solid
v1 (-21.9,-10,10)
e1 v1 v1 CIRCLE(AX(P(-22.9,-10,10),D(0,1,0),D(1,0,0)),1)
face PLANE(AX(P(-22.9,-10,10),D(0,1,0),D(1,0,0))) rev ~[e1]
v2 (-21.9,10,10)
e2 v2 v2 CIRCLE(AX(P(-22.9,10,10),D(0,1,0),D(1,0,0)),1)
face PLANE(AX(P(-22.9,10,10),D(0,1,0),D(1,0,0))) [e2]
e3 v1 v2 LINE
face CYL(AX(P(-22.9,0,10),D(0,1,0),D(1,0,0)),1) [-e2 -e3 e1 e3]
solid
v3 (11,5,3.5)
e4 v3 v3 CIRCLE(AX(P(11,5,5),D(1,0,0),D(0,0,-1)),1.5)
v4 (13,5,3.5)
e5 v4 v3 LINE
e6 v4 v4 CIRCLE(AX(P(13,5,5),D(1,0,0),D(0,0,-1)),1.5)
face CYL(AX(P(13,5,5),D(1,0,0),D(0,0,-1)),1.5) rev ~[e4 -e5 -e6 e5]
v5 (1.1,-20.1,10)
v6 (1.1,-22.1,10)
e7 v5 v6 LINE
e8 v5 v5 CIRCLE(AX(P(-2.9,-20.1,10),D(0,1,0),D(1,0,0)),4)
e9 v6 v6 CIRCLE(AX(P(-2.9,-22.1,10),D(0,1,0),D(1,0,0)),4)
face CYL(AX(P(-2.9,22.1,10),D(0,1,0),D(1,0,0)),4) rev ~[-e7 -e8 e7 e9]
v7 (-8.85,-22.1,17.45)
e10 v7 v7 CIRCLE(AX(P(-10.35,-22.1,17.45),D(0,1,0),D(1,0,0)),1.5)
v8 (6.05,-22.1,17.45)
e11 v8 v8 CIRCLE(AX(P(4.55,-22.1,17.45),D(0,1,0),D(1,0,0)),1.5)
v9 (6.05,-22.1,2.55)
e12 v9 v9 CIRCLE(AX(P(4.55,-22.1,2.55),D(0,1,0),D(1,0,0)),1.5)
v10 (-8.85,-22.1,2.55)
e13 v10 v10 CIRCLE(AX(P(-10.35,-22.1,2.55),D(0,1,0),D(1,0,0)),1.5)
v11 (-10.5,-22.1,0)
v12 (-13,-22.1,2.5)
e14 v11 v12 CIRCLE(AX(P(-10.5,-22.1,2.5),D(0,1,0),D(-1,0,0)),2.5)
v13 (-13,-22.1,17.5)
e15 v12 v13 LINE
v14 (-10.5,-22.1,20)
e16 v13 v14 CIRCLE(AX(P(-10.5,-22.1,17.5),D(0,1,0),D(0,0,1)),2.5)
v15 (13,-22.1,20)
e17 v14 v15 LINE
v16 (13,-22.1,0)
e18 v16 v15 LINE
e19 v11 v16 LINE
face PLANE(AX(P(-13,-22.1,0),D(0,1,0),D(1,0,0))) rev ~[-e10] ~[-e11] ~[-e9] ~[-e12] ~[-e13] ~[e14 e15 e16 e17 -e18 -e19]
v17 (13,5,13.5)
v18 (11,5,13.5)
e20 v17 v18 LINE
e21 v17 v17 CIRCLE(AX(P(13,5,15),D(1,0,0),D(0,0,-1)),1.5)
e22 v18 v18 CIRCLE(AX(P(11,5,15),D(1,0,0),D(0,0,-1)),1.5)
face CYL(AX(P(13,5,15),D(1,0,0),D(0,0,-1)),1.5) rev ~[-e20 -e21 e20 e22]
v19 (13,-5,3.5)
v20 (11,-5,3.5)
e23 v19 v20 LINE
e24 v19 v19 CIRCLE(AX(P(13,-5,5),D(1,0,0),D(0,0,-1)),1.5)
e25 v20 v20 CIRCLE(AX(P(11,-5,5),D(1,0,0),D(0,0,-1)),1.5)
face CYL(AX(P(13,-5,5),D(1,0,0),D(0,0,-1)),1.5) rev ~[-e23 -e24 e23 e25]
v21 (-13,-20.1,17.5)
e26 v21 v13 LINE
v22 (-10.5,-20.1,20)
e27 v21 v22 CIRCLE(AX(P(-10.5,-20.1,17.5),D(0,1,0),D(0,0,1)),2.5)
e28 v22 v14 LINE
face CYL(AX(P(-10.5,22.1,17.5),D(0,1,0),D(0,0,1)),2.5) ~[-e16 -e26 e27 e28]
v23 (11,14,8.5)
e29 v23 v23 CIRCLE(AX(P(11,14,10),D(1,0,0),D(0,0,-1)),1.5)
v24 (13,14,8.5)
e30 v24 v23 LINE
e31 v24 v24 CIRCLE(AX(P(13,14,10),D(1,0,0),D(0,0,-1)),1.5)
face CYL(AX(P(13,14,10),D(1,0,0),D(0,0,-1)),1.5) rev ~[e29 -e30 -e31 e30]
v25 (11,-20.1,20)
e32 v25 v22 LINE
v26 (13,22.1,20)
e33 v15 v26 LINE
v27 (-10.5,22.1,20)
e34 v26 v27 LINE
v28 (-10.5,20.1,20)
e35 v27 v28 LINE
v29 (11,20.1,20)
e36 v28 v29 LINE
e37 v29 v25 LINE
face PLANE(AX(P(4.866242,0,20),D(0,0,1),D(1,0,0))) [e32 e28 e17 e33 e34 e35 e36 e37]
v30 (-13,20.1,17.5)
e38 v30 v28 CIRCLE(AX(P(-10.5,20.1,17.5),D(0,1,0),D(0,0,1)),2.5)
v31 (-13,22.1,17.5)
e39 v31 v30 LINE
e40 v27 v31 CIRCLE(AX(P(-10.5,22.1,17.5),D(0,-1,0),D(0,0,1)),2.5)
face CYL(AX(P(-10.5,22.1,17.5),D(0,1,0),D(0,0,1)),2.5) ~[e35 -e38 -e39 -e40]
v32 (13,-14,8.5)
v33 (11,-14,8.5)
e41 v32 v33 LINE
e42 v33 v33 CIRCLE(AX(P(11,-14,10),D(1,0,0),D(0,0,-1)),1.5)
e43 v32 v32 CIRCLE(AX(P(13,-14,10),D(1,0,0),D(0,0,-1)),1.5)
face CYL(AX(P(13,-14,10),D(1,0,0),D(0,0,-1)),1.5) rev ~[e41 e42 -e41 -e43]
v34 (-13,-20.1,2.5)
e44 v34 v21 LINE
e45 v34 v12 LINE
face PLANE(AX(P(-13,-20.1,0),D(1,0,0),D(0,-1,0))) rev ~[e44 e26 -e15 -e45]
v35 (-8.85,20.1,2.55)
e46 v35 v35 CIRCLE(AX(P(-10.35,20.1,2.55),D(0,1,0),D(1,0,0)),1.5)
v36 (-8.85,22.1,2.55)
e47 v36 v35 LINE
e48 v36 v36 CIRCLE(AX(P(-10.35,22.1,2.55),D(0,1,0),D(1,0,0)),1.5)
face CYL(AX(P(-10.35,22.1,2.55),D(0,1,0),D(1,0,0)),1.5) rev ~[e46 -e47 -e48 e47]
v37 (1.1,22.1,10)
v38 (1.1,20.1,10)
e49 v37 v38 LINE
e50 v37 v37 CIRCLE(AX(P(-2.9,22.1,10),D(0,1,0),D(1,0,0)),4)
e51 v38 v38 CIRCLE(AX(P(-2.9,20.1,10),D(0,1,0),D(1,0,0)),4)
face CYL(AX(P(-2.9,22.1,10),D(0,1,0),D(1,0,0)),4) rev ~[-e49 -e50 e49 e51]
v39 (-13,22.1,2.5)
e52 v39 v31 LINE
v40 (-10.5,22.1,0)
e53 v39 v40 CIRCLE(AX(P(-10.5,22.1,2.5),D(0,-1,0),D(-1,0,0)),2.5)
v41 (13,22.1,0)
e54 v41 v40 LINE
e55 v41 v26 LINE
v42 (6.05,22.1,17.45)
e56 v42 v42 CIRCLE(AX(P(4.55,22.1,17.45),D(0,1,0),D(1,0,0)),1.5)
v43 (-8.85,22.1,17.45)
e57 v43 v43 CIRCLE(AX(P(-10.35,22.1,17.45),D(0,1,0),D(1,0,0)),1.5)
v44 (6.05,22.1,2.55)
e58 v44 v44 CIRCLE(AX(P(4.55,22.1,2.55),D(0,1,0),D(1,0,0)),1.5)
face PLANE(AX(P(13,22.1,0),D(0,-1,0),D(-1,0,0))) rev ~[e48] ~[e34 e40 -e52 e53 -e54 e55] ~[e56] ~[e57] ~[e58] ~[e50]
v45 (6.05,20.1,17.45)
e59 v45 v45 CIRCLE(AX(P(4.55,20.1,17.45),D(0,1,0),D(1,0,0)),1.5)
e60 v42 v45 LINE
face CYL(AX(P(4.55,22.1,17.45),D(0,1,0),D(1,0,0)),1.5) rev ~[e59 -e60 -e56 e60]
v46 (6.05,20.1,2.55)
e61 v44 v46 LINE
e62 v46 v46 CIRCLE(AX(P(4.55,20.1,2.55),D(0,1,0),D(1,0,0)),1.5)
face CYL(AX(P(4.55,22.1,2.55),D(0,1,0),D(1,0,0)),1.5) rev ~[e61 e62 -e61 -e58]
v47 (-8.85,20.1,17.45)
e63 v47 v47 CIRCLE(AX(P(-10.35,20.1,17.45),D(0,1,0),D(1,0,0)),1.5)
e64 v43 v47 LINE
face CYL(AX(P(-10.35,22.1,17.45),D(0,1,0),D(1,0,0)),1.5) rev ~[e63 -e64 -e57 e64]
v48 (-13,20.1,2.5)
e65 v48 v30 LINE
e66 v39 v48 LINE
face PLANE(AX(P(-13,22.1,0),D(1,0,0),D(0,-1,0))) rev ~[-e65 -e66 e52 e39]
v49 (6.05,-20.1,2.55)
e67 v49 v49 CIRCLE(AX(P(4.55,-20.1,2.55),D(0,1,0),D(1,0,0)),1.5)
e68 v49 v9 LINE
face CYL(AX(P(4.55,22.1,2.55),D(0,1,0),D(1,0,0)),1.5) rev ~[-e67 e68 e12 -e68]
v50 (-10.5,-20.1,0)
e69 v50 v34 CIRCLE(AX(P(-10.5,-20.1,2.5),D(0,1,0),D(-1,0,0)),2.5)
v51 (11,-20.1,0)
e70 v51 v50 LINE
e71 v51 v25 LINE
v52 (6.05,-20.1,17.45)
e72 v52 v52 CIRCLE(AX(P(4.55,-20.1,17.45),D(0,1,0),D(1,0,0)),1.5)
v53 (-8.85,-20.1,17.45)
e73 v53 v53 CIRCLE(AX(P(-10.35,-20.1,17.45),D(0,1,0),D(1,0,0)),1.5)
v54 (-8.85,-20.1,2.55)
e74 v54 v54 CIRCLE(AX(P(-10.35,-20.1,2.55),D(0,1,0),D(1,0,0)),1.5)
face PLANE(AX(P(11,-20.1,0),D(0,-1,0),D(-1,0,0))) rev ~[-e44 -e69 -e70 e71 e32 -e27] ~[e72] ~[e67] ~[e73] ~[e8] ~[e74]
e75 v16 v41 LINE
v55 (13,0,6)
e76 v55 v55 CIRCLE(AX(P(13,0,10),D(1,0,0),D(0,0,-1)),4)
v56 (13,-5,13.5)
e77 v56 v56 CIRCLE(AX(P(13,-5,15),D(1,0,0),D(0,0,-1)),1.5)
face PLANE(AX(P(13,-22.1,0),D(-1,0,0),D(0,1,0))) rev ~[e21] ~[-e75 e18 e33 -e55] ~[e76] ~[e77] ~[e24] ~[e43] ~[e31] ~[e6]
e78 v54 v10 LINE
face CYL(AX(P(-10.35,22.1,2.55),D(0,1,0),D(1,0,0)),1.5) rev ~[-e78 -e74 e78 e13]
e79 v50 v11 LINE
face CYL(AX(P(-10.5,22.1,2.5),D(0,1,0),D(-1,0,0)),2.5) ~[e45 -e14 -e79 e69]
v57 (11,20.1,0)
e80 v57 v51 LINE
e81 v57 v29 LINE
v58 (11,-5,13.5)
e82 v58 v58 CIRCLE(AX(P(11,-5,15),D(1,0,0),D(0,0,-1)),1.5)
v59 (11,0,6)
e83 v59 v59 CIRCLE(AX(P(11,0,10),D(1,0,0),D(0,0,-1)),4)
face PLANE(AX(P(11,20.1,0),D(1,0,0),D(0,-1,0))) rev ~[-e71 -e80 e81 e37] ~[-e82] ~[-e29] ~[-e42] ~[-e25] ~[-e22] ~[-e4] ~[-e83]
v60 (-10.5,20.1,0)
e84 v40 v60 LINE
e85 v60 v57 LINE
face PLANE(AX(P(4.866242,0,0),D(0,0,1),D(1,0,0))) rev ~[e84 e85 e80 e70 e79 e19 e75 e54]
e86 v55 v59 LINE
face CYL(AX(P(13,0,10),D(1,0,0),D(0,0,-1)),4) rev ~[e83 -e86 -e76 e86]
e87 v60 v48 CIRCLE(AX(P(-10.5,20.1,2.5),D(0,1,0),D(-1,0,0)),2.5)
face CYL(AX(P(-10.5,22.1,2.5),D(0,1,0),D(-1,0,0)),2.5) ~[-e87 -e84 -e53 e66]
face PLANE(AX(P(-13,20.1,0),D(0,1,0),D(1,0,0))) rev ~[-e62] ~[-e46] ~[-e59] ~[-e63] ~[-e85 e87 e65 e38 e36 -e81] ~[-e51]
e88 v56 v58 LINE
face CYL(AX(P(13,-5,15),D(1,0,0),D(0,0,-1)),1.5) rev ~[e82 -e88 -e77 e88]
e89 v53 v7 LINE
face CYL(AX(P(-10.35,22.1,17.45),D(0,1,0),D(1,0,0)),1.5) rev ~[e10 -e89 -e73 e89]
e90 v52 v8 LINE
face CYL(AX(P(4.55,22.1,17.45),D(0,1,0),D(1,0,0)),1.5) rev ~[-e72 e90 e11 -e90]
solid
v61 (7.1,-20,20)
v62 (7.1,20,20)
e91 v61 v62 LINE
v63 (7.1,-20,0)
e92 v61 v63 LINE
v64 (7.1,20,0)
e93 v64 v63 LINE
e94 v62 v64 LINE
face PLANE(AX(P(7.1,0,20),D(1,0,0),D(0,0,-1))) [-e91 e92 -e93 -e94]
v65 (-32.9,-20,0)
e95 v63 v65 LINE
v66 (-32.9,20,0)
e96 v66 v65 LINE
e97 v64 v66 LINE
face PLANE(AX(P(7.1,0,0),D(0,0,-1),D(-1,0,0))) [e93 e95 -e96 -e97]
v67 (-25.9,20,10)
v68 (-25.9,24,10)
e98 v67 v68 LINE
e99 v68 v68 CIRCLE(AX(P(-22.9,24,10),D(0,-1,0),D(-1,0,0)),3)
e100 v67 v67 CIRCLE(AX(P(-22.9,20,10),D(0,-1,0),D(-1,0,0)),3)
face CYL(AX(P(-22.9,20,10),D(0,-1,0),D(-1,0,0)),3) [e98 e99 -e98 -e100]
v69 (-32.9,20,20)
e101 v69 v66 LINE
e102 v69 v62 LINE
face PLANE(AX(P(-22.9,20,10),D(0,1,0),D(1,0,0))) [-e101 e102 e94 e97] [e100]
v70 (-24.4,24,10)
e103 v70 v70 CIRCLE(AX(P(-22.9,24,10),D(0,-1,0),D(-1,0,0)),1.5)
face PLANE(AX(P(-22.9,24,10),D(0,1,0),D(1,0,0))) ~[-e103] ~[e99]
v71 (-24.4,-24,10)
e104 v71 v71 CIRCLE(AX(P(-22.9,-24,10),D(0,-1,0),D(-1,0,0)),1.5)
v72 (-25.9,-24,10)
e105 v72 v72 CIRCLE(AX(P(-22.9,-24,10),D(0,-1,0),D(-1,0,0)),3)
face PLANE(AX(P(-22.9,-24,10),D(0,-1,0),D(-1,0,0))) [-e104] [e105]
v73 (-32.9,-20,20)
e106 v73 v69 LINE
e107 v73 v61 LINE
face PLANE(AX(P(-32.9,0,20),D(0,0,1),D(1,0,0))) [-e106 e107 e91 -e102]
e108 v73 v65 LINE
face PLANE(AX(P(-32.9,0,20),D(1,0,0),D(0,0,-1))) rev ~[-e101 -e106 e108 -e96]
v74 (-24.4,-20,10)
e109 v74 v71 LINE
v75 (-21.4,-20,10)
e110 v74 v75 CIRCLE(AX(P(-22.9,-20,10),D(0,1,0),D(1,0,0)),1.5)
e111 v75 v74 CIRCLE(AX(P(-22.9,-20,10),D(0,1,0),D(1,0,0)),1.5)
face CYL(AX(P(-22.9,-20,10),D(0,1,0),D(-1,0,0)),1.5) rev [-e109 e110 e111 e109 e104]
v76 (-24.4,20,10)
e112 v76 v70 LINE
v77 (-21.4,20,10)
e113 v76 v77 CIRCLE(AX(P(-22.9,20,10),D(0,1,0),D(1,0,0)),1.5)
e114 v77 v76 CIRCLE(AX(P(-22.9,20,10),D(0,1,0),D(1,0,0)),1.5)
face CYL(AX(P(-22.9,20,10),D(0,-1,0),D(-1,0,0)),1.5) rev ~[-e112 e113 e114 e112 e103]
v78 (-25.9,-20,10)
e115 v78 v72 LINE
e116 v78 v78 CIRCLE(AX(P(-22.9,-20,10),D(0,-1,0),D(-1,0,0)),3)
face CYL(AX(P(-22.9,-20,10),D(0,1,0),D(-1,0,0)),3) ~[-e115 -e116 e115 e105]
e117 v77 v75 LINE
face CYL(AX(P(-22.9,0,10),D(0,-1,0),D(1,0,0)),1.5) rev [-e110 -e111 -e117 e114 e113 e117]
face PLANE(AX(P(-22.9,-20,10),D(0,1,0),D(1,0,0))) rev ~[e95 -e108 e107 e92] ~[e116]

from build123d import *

# Parameters (mm, degrees)
SALIENTE_EXTRUIR1_DEPTH    = 20
CORTAR_EXTRUIR1_DEPTH      = 45.2
CROQUIS3_R                 = 4
CROQUIS3_R_2               = 1.5
CORTAR_EXTRUIR2_DEPTH      = 1
CORTAR_EXTRUIR2_DEPTH_BACK = 45.2
CROQUIS4_R                 = 4
CROQUIS4_R_2               = 1.5
CORTAR_EXTRUIR3_DEPTH      = 20
CROQUIS5_R                 = 1.5
CORTAR_EXTRUIR4_DEPTH      = 20
CROQUIS7_R                 = 1
SALIENTE_EXTRUIR2_DEPTH    = 10
CROQUIS8_W                 = 20
CROQUIS8_H                 = 20
CROQUIS8_R                 = 1.5
SALIENTE_EXTRUIR4_DEPTH    = 20
CROQUIS9_R                 = 3
CROQUIS9_R_2               = 1.5
SALIENTE_EXTRUIR5_DEPTH    = 4


with BuildPart() as part:
    # Croquis1 → Saliente-Extruir1 (new body)
    with BuildSketch(Plane.XY):
        Polygon((11, -20.1), (-13, -20.1), (-13, -22.1), (13, -22.1), (13, 22.1), (-13, 22.1), (-13, 20.1), (11, 20.1), align=None)
    extrude(amount=SALIENTE_EXTRUIR1_DEPTH)

    # Croquis2 → Cortar-Extruir1 (cut, through all)
    with BuildSketch(Plane(origin=(0, 22.1, 0), x_dir=(1, 0, 0), z_dir=(0, 1, 0))):
        with BuildLine():
            Line((-13, -17.5), (-13, -20))
            Line((-13, -20), (-10.5, -20))
            ThreePointArc((-10.5, -20), (-12.267766953, -19.267766953), (-13, -17.5))
        make_face()
        with BuildLine():
            Line((-13, 0), (-13, -2.5))
            ThreePointArc((-13, -2.5), (-12.267766953, -0.732233047), (-10.5, 0))
            Line((-10.5, 0), (-13, 0))
        make_face()
    extrude(amount=-CORTAR_EXTRUIR1_DEPTH, mode=Mode.SUBTRACT)

    # Croquis3 → Cortar-Extruir2 (cut, two sides)
    with BuildSketch(Plane(origin=(0, 22.1, 0), x_dir=(1, 0, 0), z_dir=(0, 1, 0))) as cortar_extruir2_sk:
        with Locations((-2.9, -10)):
            Circle(CROQUIS3_R)
        with Locations((-10.35, -17.45)):
            Circle(CROQUIS3_R_2)
        with Locations((-10.35, -2.55)):
            Circle(CROQUIS3_R_2)
        with Locations((4.55, -17.45)):
            Circle(CROQUIS3_R_2)
        with Locations((4.55, -2.55)):
            Circle(CROQUIS3_R_2)
    extrude(amount=CORTAR_EXTRUIR2_DEPTH, mode=Mode.SUBTRACT)
    extrude(cortar_extruir2_sk.sketch, amount=-CORTAR_EXTRUIR2_DEPTH_BACK, mode=Mode.SUBTRACT)

    # Croquis4 → Cortar-Extruir3 (cut)
    with BuildSketch(Plane(origin=(13, 0, 0), x_dir=(0, 0, -1), z_dir=(1, 0, 0))):
        with Locations((-10, 0)):
            Circle(CROQUIS4_R)
        with Locations((-15, 5)):
            Circle(CROQUIS4_R_2)
        with Locations((-5, 5)):
            Circle(CROQUIS4_R_2)
        with Locations((-5, -5)):
            Circle(CROQUIS4_R_2)
        with Locations((-15, -5)):
            Circle(CROQUIS4_R_2)
    extrude(amount=-CORTAR_EXTRUIR3_DEPTH, mode=Mode.SUBTRACT)

    # Croquis5 → Cortar-Extruir4 (cut)
    with BuildSketch(Plane(origin=(13, 0, 0), x_dir=(0, 0, -1), z_dir=(1, 0, 0))):
        with Locations((-10, 14)):
            Circle(CROQUIS5_R)
        with Locations((-10, -14)):
            Circle(CROQUIS5_R)
    extrude(amount=-CORTAR_EXTRUIR4_DEPTH, mode=Mode.SUBTRACT)


with BuildPart() as body_2:
    # Croquis7 → Saliente-Extruir2 (new body, symmetric)
    with BuildSketch(Plane(origin=(0, 0, 0), x_dir=(1, 0, 0), z_dir=(0, 1, 0))):
        with Locations((-22.9, -10)):
            Circle(CROQUIS7_R)
    extrude(amount=SALIENTE_EXTRUIR2_DEPTH, both=True)


with BuildPart() as body_3:
    # Croquis8 → Saliente-Extruir4 (new body, symmetric)
    with BuildSketch(Plane(origin=(0, 0, 0), x_dir=(1, 0, 0), z_dir=(0, 1, 0))):
        with Locations((-22.9, -10)):
            Rectangle(CROQUIS8_W, CROQUIS8_H)
        with Locations((-22.9, -10)):
            Circle(CROQUIS8_R, mode=Mode.SUBTRACT)
        with Locations((-2.9, -10)):
            Rectangle(CROQUIS8_W, CROQUIS8_H)
    extrude(amount=SALIENTE_EXTRUIR4_DEPTH, both=True)

    # Croquis9 → Saliente-Extruir5 (add)
    with BuildSketch(Plane(origin=(0, -20, 0), x_dir=(-1, 0, 0), z_dir=(0, -1, 0))):
        with Locations((22.9, -10)):
            Circle(CROQUIS9_R)
        with Locations((22.9, -10)):
            Circle(CROQUIS9_R_2, mode=Mode.SUBTRACT)
    saliente_extruir5 = extrude(amount=SALIENTE_EXTRUIR5_DEPTH)

    # Simetría1: Saliente-Extruir5 across plane
    add(saliente_extruir5.mirror(Plane.ZX))


solid = Compound([part.part, body_2.part, body_3.part])
